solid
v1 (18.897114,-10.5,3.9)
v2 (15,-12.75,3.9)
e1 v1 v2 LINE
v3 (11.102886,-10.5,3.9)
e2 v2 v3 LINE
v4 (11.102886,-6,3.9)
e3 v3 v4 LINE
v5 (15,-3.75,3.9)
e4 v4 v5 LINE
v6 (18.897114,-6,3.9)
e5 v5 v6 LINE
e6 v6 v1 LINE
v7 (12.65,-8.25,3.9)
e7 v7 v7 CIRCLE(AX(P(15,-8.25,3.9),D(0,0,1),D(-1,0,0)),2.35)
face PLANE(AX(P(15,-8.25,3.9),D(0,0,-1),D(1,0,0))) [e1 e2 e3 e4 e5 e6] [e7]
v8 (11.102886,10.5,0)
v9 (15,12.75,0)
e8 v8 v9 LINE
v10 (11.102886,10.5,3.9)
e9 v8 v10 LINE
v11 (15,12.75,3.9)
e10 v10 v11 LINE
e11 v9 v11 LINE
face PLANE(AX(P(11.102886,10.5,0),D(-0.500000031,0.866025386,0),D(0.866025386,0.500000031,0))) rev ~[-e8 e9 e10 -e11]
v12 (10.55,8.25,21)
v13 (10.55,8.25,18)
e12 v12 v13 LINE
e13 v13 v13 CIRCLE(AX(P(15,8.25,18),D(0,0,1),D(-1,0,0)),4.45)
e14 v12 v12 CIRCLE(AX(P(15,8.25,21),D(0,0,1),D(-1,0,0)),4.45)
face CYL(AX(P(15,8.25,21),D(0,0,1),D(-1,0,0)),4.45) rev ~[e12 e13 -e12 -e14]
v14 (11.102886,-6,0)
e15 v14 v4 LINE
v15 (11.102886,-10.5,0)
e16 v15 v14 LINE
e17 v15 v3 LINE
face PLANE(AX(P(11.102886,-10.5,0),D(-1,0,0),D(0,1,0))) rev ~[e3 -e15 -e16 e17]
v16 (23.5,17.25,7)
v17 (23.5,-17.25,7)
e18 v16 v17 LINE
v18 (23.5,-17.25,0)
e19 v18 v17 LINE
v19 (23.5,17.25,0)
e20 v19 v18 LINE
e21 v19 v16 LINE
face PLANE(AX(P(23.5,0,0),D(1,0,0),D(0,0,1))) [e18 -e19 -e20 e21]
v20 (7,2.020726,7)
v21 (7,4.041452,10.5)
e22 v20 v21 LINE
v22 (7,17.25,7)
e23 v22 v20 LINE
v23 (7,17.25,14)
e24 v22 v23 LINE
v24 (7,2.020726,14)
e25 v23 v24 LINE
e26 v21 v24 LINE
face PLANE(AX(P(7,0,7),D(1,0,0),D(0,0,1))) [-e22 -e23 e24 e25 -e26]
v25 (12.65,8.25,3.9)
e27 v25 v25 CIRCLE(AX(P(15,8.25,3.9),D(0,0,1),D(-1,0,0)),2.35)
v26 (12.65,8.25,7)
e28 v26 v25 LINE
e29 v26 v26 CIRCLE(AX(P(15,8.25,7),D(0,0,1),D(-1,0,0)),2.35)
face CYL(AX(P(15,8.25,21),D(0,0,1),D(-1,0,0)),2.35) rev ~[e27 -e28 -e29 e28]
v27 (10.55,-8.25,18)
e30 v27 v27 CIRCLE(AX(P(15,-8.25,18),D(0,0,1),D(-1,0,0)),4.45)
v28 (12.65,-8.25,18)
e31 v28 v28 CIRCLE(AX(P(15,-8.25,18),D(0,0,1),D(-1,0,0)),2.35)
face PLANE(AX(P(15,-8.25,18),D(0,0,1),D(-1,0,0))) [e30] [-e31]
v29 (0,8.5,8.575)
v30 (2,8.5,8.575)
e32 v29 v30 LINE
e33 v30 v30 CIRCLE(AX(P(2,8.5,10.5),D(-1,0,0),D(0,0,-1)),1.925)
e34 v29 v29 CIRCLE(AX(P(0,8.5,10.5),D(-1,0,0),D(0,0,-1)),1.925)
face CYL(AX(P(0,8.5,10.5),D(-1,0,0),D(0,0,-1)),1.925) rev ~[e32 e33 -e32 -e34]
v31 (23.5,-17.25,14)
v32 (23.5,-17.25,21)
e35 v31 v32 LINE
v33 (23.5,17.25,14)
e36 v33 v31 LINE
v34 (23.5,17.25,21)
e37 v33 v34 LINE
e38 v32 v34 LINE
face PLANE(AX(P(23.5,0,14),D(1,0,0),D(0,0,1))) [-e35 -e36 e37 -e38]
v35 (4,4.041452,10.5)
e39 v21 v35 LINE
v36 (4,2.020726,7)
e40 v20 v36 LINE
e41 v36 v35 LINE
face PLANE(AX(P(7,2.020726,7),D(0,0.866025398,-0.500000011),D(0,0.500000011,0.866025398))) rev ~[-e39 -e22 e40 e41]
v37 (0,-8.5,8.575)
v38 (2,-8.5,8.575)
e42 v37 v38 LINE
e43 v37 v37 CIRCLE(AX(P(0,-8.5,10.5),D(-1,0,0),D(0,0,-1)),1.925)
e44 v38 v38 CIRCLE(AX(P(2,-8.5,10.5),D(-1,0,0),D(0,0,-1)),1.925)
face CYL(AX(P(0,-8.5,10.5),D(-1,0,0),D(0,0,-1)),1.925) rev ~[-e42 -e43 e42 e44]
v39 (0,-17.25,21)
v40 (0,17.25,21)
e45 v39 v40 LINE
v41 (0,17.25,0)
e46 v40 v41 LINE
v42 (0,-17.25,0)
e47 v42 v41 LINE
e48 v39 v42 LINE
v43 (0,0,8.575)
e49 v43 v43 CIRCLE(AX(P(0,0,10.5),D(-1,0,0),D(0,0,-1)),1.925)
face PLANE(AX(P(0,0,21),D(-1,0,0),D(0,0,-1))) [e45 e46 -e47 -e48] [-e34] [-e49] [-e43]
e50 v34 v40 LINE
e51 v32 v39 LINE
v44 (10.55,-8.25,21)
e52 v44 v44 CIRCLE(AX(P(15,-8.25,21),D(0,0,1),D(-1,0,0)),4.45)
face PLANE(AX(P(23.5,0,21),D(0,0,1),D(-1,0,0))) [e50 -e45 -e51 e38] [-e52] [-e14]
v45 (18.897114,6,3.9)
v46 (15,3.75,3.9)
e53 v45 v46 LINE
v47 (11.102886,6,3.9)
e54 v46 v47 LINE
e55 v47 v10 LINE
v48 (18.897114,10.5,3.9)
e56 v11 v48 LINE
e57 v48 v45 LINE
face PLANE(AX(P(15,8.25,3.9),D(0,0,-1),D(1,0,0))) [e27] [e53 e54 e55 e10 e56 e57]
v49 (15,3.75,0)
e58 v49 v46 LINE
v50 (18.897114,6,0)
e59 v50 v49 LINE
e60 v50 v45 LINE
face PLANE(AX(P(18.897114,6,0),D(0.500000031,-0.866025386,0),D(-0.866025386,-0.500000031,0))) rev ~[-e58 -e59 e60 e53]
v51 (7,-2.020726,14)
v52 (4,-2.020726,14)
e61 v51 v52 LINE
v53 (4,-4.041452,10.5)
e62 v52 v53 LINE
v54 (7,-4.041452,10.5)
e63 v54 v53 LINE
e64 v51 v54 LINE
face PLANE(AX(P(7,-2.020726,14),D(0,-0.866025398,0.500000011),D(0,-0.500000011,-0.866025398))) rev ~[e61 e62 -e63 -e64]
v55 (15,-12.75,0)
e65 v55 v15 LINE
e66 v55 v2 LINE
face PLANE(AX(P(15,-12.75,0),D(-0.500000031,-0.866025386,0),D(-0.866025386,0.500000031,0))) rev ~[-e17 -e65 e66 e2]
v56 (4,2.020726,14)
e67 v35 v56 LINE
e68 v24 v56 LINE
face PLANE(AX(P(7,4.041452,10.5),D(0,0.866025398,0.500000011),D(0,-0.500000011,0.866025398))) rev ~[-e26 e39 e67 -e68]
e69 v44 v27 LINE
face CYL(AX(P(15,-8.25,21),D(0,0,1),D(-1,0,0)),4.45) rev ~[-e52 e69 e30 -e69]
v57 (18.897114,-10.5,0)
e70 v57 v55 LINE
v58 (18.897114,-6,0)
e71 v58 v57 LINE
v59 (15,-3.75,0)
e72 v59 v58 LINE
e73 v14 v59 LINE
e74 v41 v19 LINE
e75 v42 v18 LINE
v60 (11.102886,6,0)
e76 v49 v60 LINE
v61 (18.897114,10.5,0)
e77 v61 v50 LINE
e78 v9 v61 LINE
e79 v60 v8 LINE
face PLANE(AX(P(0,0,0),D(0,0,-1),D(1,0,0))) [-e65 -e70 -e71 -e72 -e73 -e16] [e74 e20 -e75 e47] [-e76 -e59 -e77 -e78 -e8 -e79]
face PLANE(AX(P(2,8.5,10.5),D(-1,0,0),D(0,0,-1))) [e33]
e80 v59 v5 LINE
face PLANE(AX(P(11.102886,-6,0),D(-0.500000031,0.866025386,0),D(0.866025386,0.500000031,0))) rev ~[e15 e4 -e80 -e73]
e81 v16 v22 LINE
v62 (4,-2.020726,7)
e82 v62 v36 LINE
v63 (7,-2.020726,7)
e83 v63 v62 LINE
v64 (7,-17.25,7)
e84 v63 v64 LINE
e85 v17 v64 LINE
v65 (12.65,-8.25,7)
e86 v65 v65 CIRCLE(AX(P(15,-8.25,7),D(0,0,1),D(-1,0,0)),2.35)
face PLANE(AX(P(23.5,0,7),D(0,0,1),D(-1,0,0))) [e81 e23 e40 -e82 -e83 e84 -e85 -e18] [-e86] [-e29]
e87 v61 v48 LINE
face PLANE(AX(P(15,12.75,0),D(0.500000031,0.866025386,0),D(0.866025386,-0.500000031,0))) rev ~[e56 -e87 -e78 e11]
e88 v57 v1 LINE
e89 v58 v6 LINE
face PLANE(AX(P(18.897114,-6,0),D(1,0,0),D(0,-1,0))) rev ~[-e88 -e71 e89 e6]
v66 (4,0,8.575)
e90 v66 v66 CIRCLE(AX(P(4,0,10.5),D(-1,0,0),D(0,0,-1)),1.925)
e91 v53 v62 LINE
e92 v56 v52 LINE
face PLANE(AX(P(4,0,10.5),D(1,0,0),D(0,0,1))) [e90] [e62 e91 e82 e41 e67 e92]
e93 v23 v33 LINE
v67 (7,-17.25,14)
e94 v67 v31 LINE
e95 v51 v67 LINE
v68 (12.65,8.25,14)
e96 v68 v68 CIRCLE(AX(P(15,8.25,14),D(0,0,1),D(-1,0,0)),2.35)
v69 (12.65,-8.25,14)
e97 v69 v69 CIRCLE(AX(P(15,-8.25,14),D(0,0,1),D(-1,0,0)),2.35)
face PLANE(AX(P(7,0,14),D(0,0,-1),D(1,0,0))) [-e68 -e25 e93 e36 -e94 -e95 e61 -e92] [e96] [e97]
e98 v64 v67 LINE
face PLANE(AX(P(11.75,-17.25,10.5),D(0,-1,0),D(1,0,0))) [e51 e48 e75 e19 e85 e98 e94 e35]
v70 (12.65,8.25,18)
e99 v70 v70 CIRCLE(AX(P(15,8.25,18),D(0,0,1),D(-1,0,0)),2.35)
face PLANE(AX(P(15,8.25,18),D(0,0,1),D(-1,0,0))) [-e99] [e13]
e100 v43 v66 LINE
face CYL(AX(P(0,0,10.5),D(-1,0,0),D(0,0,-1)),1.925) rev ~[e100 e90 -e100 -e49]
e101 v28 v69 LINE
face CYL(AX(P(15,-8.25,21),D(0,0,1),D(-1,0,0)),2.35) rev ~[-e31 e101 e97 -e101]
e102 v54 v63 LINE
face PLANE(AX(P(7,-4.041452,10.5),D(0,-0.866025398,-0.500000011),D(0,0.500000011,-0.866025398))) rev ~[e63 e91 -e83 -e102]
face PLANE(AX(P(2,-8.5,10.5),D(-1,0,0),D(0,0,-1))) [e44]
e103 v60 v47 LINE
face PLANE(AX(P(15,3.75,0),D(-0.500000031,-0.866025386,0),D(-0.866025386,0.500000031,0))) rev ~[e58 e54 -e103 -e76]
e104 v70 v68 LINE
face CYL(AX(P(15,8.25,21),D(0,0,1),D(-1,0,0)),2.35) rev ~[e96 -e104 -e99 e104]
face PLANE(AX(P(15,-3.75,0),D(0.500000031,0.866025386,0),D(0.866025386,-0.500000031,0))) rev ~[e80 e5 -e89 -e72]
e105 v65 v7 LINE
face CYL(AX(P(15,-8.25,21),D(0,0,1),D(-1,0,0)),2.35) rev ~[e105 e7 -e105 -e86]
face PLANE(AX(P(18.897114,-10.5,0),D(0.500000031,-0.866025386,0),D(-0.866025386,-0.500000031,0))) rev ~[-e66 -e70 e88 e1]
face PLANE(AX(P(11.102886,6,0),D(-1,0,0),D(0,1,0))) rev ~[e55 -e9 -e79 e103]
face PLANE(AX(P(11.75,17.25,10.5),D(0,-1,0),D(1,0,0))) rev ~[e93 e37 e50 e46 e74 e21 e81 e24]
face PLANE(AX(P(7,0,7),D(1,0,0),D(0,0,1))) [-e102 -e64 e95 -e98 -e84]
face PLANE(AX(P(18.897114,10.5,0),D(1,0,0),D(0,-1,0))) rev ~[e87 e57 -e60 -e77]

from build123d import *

# Parameters (mm, degrees)
PAD_DEPTH       = 17.25
SKETCH001_R     = 2.35
POCKET_DEPTH    = 21.001
POCKET001_DEPTH = 3.9
SKETCH003_R     = 4.45
POCKET002_DEPTH = 3
SKETCH004_R     = 1.925
POCKET003_DEPTH = 23.501
POCKET004_DEPTH = 3
SKETCH006_R     = 1.925
POCKET005_DEPTH = 2


with BuildPart() as part:
    # Sketch → Pad (new body, symmetric)
    with BuildSketch(Plane.XZ):
        Polygon((0, 0), (23.5, 0), (23.5, 7), (7, 7), (7, 14), (23.5, 14), (23.5, 21), (0, 21), align=None)
    extrude(amount=PAD_DEPTH, both=True)

    # Sketch001 → Pocket (cut, through all)
    with BuildSketch(Plane(origin=(0, 0, 21), x_dir=(-1, 0, 0), z_dir=(0, 0, 1))):
        with Locations((-15, 8.25)):
            Circle(SKETCH001_R)
        with Locations((-15, -8.25)):
            Circle(SKETCH001_R)
    extrude(amount=-POCKET_DEPTH, mode=Mode.SUBTRACT)

    # Sketch002 → Pocket001 (cut)
    with BuildSketch(Plane(origin=(0, 0, 0), x_dir=(1, 0, 0), z_dir=(0, 0, -1))):
        Polygon((15, 12.75), (11.102886, 10.5), (11.102886, 6), (15, 3.75), (18.897114, 6), (18.897114, 10.5), align=None)
        Polygon((15, -3.75), (11.102886, -6), (11.102886, -10.5), (15, -12.75), (18.897114, -10.5), (18.897114, -6), align=None)
    extrude(amount=-POCKET001_DEPTH, mode=Mode.SUBTRACT)

    # Sketch003 → Pocket002 (cut)
    with BuildSketch(Plane(origin=(0, 0, 21), x_dir=(-1, 0, 0), z_dir=(0, 0, 1))):
        with Locations((-15, 8.25)):
            Circle(SKETCH003_R)
        with Locations((-15, -8.25)):
            Circle(SKETCH003_R)
    extrude(amount=-POCKET002_DEPTH, mode=Mode.SUBTRACT)

    # Sketch004 → Pocket003 (cut, through all)
    with BuildSketch(Plane(origin=(0, 0, 0), x_dir=(0, 0, -1), z_dir=(-1, 0, 0))):
        with Locations((-10.5, 0)):
            Circle(SKETCH004_R)
    extrude(amount=-POCKET003_DEPTH, mode=Mode.SUBTRACT)

    # Sketch005 → Pocket004 (cut)
    with BuildSketch(Plane(origin=(7, 0, 0), x_dir=(0, 0, 1), z_dir=(1, 0, 0))):
        Polygon((7, 2.020726), (7, -2.020726), (10.5, -4.041452), (14, -2.020726), (14, 2.020726), (10.5, 4.041452), align=None)
    extrude(amount=-POCKET004_DEPTH, mode=Mode.SUBTRACT)

    # Sketch006 → Pocket005 (cut)
    with BuildSketch(Plane(origin=(0, 0, 0), x_dir=(0, 0, -1), z_dir=(-1, 0, 0))):
        with Locations((-10.5, -8.5)):
            Circle(SKETCH006_R)
        with Locations((-10.5, 8.5)):
            Circle(SKETCH006_R)
    extrude(amount=-POCKET005_DEPTH, mode=Mode.SUBTRACT)


solid = part.part
